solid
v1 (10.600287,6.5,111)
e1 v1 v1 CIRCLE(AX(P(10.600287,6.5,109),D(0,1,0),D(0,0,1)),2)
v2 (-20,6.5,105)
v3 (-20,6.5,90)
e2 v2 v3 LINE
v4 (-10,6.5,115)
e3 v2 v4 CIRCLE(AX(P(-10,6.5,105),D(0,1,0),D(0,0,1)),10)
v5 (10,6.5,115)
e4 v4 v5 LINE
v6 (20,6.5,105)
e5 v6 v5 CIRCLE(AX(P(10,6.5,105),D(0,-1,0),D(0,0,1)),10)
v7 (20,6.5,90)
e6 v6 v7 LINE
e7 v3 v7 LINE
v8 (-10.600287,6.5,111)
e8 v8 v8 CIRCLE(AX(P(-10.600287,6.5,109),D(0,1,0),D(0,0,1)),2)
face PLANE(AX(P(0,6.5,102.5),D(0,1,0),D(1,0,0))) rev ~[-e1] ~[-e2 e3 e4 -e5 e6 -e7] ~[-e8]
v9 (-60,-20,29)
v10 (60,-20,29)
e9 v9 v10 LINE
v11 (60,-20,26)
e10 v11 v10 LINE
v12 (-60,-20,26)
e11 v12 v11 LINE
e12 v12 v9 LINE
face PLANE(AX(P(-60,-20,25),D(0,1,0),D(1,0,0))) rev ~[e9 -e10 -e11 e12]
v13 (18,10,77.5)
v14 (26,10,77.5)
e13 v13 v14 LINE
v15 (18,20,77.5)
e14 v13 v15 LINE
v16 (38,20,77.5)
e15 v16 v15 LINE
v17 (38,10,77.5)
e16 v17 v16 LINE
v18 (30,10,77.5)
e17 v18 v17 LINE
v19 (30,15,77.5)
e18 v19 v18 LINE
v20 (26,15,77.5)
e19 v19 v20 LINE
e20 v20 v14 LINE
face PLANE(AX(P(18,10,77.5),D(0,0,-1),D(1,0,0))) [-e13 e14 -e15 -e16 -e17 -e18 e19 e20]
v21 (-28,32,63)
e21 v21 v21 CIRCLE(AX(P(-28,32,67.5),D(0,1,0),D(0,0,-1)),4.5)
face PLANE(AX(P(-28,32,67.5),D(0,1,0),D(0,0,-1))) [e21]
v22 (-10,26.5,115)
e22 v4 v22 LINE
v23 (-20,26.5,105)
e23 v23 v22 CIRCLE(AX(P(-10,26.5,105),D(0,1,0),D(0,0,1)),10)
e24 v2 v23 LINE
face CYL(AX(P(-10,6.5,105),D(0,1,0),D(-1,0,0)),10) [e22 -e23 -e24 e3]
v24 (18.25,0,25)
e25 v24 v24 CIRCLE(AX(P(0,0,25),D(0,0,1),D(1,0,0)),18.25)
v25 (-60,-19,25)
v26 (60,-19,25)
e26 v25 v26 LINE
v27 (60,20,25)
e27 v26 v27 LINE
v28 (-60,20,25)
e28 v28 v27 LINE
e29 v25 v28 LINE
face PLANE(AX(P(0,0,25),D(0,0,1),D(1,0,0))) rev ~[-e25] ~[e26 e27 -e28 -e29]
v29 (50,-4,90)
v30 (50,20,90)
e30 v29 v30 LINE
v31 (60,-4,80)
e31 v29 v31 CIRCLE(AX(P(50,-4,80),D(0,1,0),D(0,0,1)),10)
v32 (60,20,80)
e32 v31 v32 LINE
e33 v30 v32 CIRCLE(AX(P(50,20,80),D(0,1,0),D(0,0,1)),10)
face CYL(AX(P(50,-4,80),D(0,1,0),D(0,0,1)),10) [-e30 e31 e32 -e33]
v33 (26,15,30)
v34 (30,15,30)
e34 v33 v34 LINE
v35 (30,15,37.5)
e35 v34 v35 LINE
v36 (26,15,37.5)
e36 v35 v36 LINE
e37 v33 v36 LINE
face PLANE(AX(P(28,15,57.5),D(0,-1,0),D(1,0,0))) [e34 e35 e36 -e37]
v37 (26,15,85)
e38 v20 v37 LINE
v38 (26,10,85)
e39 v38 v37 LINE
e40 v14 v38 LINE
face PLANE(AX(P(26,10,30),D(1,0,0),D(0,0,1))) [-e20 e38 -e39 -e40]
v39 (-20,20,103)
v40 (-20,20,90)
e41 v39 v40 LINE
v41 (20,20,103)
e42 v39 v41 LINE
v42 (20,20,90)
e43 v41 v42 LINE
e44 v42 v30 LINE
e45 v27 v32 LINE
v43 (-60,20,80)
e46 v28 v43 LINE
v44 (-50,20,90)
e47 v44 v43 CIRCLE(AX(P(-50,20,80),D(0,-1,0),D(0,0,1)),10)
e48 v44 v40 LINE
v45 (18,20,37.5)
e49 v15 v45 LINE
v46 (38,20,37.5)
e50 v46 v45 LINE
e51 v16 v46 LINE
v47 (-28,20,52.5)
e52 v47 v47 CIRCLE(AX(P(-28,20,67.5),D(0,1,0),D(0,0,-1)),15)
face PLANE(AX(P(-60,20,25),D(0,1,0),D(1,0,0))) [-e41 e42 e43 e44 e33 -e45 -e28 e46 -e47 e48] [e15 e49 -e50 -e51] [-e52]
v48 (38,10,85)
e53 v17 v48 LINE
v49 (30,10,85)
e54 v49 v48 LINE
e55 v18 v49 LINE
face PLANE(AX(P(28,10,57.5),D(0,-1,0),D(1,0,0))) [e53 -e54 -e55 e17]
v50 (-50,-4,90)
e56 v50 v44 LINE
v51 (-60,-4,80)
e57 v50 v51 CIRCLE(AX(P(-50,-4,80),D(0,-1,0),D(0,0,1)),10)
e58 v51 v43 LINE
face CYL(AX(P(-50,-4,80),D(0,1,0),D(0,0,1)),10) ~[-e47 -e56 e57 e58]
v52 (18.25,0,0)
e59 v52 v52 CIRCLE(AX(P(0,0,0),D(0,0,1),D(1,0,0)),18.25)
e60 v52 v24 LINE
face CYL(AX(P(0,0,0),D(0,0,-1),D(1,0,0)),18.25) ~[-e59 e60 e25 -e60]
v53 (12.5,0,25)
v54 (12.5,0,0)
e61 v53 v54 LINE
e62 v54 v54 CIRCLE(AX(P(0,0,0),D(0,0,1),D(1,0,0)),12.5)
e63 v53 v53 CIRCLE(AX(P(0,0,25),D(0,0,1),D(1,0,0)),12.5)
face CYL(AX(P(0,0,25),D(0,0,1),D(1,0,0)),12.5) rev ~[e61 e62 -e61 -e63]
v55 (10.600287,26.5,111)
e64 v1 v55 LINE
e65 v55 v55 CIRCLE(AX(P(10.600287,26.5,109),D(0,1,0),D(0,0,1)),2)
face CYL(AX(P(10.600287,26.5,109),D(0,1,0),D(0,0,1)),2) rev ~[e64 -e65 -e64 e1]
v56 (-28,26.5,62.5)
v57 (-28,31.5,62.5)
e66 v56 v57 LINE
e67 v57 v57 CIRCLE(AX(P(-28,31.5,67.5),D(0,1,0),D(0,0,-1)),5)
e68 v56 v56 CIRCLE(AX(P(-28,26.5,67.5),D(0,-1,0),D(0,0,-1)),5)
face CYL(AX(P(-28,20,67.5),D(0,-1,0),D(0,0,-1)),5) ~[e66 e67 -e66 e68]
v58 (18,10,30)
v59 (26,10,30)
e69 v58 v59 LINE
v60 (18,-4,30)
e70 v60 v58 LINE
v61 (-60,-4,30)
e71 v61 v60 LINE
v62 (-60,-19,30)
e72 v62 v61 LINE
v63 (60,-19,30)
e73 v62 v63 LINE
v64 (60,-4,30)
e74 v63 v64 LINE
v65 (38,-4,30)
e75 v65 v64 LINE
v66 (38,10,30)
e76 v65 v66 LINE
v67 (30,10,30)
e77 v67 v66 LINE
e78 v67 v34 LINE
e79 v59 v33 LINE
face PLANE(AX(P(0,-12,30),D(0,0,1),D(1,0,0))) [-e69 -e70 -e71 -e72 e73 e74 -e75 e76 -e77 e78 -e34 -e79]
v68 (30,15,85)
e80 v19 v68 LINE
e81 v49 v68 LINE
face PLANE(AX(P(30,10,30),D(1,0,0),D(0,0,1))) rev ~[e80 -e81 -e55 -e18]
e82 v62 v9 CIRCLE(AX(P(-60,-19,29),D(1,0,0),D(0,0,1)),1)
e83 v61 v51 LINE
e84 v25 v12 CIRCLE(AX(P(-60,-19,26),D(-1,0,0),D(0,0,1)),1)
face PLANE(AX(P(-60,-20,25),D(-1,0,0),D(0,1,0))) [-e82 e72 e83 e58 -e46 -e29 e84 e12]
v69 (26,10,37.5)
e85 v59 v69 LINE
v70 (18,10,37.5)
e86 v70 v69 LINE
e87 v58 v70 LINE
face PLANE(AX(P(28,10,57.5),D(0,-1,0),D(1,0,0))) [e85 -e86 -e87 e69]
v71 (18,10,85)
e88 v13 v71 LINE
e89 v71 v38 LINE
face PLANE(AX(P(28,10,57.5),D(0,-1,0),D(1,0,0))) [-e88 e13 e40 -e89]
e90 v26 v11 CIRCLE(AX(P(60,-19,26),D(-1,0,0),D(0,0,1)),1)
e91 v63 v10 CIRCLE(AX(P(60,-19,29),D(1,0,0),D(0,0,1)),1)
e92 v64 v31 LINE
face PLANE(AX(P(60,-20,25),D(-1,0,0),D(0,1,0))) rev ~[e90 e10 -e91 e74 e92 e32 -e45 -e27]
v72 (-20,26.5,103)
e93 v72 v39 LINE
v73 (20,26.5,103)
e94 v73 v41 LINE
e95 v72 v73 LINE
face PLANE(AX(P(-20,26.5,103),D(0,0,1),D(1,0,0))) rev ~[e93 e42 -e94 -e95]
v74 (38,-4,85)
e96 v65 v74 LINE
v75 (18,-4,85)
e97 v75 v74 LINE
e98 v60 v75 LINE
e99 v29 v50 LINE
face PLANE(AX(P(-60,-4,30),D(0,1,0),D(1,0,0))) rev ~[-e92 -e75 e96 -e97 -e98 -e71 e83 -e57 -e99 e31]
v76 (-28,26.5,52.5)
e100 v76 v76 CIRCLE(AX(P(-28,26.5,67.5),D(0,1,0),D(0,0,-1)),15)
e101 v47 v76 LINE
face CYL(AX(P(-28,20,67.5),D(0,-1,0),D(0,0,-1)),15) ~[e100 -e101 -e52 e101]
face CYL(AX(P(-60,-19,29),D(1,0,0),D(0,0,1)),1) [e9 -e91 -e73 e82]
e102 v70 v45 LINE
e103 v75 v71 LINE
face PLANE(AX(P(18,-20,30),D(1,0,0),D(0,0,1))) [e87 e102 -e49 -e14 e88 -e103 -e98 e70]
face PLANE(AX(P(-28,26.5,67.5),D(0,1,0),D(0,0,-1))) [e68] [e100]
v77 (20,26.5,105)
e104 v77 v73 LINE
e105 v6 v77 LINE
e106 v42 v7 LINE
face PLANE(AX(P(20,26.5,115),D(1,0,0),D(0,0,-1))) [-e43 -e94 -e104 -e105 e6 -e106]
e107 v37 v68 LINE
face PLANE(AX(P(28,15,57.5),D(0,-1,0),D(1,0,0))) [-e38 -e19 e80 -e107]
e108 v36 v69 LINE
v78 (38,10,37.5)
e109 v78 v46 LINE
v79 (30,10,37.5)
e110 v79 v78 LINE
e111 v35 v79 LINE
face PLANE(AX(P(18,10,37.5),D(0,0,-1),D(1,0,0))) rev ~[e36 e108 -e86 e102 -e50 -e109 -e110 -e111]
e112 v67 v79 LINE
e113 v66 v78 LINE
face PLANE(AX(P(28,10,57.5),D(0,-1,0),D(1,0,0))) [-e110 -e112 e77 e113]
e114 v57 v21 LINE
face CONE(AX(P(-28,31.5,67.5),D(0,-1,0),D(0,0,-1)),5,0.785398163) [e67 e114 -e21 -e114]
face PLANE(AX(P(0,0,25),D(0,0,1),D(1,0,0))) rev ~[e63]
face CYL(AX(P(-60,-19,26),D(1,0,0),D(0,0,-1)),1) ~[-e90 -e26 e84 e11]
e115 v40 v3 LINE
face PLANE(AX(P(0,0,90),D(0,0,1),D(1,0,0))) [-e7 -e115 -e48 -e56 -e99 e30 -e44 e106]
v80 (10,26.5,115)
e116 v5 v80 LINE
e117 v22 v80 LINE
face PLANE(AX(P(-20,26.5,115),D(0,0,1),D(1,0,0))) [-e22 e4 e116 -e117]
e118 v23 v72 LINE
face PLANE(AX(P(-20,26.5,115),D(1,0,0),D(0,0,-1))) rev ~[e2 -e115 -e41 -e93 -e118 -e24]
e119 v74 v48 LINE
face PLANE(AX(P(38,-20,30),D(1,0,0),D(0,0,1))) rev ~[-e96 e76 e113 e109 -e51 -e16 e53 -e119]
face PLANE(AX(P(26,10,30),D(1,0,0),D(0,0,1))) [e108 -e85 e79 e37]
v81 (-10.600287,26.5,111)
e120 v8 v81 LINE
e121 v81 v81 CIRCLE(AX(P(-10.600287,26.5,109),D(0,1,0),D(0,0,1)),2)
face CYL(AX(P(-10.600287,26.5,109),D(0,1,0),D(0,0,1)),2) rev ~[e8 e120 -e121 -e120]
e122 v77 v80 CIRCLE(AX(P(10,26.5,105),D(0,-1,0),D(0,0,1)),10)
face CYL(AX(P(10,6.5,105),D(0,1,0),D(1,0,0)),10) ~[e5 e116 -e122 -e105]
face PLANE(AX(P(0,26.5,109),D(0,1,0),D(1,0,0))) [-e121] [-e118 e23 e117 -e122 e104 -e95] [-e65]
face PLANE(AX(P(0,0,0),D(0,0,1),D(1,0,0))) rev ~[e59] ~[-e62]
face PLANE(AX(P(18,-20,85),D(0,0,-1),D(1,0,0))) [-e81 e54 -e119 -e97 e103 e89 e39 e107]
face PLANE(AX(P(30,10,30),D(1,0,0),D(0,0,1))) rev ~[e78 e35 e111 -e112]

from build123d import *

# Parameters (mm, degrees)
SKETCH_1_R               = 18.25
EXTRUDE_1_DEPTH          = 25
SKETCH_2_R               = 12.5
CUT_EXTRUDE_1_DEPTH      = 25
SKETCH_3_W               = 120
SKETCH_3_H               = 40
EXTRUDE_2_DEPTH          = 65
SKETCH_5_W               = 20
SKETCH_5_H               = 55
CUT_EXTRUDE_2_DEPTH      = 30
SKETCH_6_W               = 20
SKETCH_6_H               = 40
CUT_EXTRUDE_3_DEPTH      = 30
SKETCH_7_W               = 4
SKETCH_7_H               = 55
CUT_EXTRUDE_4_DEPTH      = 5
SKETCH_8_R               = 5
EXTRUDE_4_DEPTH          = 12
CUT_EXTRUDE_5_DEPTH      = 113.800709218
CUT_EXTRUDE_5_DEPTH_BACK = 60
SKETCH_9_W               = 120
SKETCH_9_H               = 16
SKETCH_10_W              = 40
SKETCH_10_H              = 25
EXTRUDE_5_DEPTH          = 13.5
SKETCH_13_R              = 2
CUT_EXTRUDE_6_DEPTH      = 30
SKETCH_14_R              = 15
EXTRUDE_6_DEPTH          = 6.5
EXTRUDE_START            = 6.5
SKETCH_15_W              = 40
SKETCH_15_H              = 12
SKETCH_15_R              = 2
EXTRUDE_7_DEPTH          = 6.5
FILLET_1_R               = 10
FILLET_2_R               = 10
FILLET_3_R               = 1
CHAMFER_1_SIZE           = 0.5


with BuildPart() as part:
    # 草图1 → 凸台-拉伸1 (new body)
    with BuildSketch(Plane.XY):
        Circle(SKETCH_1_R)
    extrude(amount=EXTRUDE_1_DEPTH)

    # 草图2 → 切除-拉伸1 (cut)
    with BuildSketch(Plane.XY.offset(25)):
        Circle(SKETCH_2_R)
    extrude(amount=-CUT_EXTRUDE_1_DEPTH, mode=Mode.SUBTRACT)

    # 草图3 → 凸台-拉伸2 (add)
    with BuildSketch(Plane.XY.offset(25)):
        Rectangle(SKETCH_3_W, SKETCH_3_H)
    extrude(amount=EXTRUDE_2_DEPTH)

    # 草图5 → 切除-拉伸2 (cut)
    with BuildSketch(Plane.XZ.offset(20)):
        with Locations((28, 57.5)):
            Rectangle(SKETCH_5_W, SKETCH_5_H)
    extrude(amount=-CUT_EXTRUDE_2_DEPTH, mode=Mode.SUBTRACT)

    # 草图6 → 切除-拉伸3 (cut)
    with BuildSketch(Plane.XZ.offset(-10)):
        with Locations((28, 57.5)):
            Rectangle(SKETCH_6_W, SKETCH_6_H)
    extrude(amount=-CUT_EXTRUDE_3_DEPTH, mode=Mode.SUBTRACT)

    # 草图7 → 切除-拉伸4 (cut)
    with BuildSketch(Plane.XZ.offset(-10)):
        with Locations((28, 57.5)):
            Rectangle(SKETCH_7_W, SKETCH_7_H)
    extrude(amount=-CUT_EXTRUDE_4_DEPTH, mode=Mode.SUBTRACT)

    # 草图8 → 凸台-拉伸4 (add)
    with BuildSketch(Plane(origin=(0, 20, 0), x_dir=(1, 0, 0), z_dir=(0, 1, 0))):
        with Locations(Location((-28, -67.5, 0), (0, 0, 90))):
            Circle(SKETCH_8_R)
    extrude(amount=EXTRUDE_4_DEPTH)

    # 草图9 → 切除-拉伸5 (cut, two sides: drawn at the far end of the back side and taken through both)
    with BuildSketch(Plane.XY.offset(90).offset(-CUT_EXTRUDE_5_DEPTH_BACK)):
        with Locations((0, -12)):
            Rectangle(SKETCH_9_W, SKETCH_9_H)
    extrude(amount=CUT_EXTRUDE_5_DEPTH + CUT_EXTRUDE_5_DEPTH_BACK, mode=Mode.SUBTRACT)

    # 草图10 → 凸台-拉伸5 (add)
    with BuildSketch(Plane(origin=(0, 20, 0), x_dir=(1, 0, 0), z_dir=(0, 1, 0))):
        with Locations((0, -102.5)):
            Rectangle(SKETCH_10_W, SKETCH_10_H)
    extrude(amount=-EXTRUDE_5_DEPTH)

    # 草图13 → 切除-拉伸6 (cut)
    with BuildSketch(Plane(origin=(0, 20, 0), x_dir=(1, 0, 0), z_dir=(0, 1, 0))):
        with Locations(Location((-10.600287359, -109, 0), (0, 0, 270))):
            Circle(SKETCH_13_R)
        with Locations(Location((10.600287359, -109, 0), (0, 0, 270))):
            Circle(SKETCH_13_R)
    extrude(amount=-CUT_EXTRUDE_6_DEPTH, mode=Mode.SUBTRACT)

    # 草图14 → 凸台-拉伸6 (add)
    with BuildSketch(Plane(origin=(0, 20, 0), x_dir=(1, 0, 0), z_dir=(0, 1, 0))):
        with Locations(Location((-28, -67.5, 0), (0, 0, 90))):
            Circle(SKETCH_14_R)
    extrude(amount=EXTRUDE_6_DEPTH)

    # 草图15 → 凸台-拉伸7 (add)
    with BuildSketch(Plane(origin=(0, 20, 0), x_dir=(1, 0, 0), z_dir=(0, 1, 0)).offset(EXTRUDE_START)):
        with Locations((0, -109)):
            Rectangle(SKETCH_15_W, SKETCH_15_H)
        with Locations(Location((-10.600287359, -109, 0), (0, 0, 270))):
            Circle(SKETCH_15_R, mode=Mode.SUBTRACT)
        with Locations(Location((10.600287359, -109, 0), (0, 0, 270))):
            Circle(SKETCH_15_R, mode=Mode.SUBTRACT)
    extrude(amount=-EXTRUDE_7_DEPTH)

    # 圆角1
    fillet_1_edges = [part.edges().sort_by_distance(p)[0] for p in [
        (-20, 16.5, 115),
        (20, 16.5, 115),
    ]]
    fillet(fillet_1_edges, radius=FILLET_1_R)

    # 圆角2
    fillet_2_edges = [part.edges().sort_by_distance(p)[0] for p in [
        (60, 8, 90),
        (-60, 8, 90),
    ]]
    fillet(fillet_2_edges, radius=FILLET_2_R)

    # 圆角3
    fillet_3_edges = [part.edges().sort_by_distance(p)[0] for p in [
        (0, -20, 25),
        (0, -20, 30),
    ]]
    fillet(fillet_3_edges, radius=FILLET_3_R)

    # 倒角1
    chamfer_1_edges = [part.edges().sort_by_distance(p)[0] for p in [
        (-28, 32, 72.5),
    ]]
    chamfer(chamfer_1_edges, length=CHAMFER_1_SIZE)


solid = part.part
